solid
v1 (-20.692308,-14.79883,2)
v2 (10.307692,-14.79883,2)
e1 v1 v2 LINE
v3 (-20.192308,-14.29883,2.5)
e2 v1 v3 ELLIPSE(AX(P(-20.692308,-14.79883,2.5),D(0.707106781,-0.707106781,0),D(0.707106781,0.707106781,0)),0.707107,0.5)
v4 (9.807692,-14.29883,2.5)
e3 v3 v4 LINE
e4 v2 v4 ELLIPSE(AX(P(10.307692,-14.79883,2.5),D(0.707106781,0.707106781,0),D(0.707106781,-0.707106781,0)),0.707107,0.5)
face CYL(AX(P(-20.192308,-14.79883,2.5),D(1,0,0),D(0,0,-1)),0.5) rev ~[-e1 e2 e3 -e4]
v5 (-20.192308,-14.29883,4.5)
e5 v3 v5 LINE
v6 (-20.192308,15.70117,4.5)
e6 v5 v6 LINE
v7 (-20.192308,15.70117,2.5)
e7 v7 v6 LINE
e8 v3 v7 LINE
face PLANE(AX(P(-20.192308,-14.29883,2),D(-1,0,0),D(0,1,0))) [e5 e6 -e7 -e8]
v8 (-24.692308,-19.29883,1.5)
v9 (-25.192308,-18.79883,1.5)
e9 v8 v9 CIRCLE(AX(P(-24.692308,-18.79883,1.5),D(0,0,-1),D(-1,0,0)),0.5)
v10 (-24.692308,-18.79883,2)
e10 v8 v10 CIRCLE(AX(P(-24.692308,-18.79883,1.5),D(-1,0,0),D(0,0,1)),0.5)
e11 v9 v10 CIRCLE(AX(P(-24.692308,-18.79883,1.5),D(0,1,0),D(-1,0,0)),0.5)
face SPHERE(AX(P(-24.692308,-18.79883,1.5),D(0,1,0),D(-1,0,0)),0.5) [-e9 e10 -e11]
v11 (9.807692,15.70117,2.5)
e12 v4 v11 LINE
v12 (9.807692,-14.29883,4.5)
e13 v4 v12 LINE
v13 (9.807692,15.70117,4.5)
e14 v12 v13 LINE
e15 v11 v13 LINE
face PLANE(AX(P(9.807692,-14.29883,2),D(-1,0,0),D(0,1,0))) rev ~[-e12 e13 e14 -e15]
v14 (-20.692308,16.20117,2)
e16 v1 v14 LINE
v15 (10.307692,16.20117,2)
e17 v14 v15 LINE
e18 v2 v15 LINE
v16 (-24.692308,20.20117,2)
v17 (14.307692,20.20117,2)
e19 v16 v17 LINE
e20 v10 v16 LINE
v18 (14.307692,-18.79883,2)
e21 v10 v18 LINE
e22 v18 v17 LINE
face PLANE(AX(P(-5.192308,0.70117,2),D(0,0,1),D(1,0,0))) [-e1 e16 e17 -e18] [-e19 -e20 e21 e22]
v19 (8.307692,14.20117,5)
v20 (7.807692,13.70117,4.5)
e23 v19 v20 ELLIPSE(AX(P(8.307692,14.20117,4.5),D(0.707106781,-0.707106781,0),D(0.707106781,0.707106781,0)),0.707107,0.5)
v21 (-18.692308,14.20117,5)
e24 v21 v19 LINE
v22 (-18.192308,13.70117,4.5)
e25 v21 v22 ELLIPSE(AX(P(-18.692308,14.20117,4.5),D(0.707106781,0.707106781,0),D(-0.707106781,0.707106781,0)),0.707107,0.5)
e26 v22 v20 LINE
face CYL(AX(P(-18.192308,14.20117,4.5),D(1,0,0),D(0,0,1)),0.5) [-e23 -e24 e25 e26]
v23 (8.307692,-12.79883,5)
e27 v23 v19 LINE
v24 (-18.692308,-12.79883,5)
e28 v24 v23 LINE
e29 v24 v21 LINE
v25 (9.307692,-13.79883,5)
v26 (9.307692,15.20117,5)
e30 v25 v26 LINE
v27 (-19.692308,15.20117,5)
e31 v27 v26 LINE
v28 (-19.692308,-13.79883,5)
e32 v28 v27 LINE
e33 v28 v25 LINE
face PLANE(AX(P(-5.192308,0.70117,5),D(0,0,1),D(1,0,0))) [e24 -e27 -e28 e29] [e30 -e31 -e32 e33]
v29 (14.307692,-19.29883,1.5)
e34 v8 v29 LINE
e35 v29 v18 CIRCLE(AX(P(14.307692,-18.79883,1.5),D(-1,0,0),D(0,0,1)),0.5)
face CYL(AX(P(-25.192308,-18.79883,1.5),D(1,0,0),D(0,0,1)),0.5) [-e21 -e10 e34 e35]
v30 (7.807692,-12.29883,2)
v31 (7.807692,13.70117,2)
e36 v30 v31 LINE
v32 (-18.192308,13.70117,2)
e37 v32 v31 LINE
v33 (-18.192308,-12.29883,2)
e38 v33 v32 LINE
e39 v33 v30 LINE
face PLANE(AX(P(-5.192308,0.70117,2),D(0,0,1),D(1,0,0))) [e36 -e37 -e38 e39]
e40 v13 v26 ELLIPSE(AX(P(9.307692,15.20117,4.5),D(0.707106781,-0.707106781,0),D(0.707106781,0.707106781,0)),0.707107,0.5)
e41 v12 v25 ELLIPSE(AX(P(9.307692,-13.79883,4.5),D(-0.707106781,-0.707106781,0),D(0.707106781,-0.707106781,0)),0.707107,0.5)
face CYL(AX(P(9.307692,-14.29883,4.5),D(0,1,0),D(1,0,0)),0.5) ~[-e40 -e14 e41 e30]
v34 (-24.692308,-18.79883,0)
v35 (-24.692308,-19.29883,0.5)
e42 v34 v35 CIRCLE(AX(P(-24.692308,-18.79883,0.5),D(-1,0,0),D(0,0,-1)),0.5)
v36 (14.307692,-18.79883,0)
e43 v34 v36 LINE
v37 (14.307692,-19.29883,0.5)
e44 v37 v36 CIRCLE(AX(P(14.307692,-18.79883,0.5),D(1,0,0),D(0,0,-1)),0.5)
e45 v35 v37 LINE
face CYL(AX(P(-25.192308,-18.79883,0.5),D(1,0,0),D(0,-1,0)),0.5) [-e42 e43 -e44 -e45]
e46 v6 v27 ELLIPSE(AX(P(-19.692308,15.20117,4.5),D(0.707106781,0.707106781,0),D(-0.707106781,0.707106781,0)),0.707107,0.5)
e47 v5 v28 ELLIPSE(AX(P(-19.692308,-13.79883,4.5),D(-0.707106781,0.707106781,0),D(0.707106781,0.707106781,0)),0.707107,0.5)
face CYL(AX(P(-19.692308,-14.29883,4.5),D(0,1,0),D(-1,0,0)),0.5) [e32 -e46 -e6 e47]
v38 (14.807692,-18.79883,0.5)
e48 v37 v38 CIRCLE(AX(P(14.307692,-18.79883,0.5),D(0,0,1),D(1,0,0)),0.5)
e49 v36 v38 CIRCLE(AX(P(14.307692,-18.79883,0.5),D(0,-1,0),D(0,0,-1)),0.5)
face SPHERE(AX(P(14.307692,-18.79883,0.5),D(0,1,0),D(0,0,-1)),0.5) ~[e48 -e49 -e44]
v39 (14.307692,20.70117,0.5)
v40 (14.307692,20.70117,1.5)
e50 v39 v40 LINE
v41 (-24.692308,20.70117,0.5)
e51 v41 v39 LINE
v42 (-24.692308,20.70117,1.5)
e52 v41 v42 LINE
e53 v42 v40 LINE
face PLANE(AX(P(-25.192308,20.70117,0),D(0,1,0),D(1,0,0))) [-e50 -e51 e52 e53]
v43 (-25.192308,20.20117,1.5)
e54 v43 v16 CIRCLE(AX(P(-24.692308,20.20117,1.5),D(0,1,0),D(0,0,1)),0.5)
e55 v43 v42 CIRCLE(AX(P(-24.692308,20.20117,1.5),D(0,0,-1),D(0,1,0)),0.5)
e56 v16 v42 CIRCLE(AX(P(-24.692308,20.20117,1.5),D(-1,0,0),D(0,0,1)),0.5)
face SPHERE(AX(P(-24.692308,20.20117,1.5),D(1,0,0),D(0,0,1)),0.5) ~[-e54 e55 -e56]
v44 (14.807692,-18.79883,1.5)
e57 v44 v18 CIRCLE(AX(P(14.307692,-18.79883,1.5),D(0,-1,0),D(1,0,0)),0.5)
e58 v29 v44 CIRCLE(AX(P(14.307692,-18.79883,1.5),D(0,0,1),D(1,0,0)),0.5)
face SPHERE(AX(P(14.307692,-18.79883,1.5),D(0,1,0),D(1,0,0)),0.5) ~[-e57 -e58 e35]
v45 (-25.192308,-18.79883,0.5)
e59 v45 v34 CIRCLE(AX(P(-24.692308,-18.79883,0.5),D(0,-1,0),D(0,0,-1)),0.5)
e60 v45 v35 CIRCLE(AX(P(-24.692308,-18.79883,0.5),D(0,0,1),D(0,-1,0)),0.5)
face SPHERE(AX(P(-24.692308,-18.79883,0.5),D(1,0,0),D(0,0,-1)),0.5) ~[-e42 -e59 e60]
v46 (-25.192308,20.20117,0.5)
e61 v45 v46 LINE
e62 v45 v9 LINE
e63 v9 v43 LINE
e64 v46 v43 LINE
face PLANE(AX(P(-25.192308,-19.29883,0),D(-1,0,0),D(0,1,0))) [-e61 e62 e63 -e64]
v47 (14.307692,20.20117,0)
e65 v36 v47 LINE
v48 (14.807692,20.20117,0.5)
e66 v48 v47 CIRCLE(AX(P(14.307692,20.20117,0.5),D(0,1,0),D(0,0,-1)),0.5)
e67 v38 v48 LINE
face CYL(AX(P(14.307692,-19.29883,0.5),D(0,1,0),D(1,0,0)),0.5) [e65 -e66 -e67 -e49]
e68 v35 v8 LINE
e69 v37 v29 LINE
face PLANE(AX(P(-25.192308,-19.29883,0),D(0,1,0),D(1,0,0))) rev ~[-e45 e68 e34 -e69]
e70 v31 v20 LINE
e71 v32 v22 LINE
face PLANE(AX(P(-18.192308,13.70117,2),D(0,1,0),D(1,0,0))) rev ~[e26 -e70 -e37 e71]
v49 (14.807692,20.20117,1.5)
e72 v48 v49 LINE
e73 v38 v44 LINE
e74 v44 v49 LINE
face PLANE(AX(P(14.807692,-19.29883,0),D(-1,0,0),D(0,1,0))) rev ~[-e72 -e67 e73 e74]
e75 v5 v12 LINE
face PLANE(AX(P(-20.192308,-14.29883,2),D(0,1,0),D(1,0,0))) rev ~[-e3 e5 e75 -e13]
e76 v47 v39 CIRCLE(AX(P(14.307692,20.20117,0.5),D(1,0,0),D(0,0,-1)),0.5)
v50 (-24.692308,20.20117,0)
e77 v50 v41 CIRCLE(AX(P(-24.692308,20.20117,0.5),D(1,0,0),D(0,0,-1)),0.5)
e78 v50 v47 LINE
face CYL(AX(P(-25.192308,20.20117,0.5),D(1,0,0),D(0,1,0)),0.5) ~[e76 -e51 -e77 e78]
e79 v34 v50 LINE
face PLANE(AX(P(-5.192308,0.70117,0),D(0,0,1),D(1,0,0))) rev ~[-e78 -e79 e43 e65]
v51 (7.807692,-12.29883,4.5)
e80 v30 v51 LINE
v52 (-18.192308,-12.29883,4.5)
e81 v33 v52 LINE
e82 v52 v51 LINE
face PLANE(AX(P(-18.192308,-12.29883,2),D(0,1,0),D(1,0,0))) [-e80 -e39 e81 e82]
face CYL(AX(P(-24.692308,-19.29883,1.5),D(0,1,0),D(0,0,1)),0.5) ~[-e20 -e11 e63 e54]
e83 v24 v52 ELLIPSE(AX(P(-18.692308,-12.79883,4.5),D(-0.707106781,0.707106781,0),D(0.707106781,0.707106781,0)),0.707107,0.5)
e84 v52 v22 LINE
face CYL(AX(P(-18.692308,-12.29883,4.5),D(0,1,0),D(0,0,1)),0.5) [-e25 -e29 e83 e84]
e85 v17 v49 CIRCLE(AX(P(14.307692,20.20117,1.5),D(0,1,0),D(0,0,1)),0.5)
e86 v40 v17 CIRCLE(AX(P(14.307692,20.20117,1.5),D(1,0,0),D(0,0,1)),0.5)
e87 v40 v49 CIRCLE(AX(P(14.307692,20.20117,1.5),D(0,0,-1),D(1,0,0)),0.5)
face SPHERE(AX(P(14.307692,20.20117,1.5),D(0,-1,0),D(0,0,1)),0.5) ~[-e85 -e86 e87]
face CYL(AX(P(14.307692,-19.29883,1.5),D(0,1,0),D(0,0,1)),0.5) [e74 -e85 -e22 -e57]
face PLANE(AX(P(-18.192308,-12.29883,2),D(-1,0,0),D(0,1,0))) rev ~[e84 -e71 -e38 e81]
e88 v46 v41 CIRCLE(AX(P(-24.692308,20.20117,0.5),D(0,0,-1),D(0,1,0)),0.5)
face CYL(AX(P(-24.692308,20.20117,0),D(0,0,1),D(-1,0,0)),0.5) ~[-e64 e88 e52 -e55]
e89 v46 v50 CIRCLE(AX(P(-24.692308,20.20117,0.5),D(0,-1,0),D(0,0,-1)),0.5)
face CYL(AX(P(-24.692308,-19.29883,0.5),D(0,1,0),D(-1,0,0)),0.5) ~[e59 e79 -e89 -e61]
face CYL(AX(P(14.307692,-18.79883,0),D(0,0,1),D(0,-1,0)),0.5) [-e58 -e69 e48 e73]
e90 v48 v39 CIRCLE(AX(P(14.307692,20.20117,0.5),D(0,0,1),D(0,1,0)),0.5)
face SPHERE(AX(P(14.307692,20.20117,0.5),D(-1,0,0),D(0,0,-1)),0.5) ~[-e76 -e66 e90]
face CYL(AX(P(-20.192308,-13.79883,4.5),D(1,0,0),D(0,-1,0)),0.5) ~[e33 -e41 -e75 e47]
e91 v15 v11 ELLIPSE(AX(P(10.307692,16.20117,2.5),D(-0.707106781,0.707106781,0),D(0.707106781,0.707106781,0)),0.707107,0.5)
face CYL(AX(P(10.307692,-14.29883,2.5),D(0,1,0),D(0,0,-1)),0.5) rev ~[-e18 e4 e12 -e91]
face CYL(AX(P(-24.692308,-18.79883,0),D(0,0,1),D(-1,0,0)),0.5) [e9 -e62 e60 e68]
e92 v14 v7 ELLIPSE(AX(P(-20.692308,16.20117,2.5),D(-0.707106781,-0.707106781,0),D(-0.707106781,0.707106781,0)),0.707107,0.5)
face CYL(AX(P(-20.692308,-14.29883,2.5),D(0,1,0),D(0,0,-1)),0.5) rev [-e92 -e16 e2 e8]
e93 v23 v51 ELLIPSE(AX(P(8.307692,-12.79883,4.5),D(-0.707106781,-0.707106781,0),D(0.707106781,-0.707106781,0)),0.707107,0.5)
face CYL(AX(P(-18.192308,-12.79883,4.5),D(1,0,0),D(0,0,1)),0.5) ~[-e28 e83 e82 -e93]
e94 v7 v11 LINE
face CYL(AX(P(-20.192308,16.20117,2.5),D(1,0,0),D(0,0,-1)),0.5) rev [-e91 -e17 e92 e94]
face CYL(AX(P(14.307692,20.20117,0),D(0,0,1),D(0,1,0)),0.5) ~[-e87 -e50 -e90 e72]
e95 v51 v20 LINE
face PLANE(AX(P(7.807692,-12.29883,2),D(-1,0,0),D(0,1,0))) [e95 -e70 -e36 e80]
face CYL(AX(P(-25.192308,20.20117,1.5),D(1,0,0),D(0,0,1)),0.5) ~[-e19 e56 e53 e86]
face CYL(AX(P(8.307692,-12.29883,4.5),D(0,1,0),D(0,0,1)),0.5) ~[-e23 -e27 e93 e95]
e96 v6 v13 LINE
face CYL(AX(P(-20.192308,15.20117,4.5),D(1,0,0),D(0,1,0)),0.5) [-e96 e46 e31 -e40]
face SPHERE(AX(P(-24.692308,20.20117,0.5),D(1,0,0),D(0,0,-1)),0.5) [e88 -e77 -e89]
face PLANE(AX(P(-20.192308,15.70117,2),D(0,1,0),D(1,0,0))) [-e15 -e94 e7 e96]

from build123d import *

# Parameters (mm, degrees)
SKETCH1_W           = 40
SKETCH1_H           = 40
BOSS_EXTRUDE1_DEPTH = 2
SKETCH2_W           = 30
SKETCH2_H           = 30
SKETCH2_W_2         = 26
SKETCH2_H_2         = 26
BOSS_EXTRUDE2_DEPTH = 3
FILLET1_R           = 0.5
FILLET2_R           = 0.5
FILLET3_R           = 0.5


with BuildPart() as part:
    # Sketch1 → Boss-Extrude1 (new body)
    with BuildSketch(Plane.XY):
        with Locations((-5.192307692, 0.701169798)):
            Rectangle(SKETCH1_W, SKETCH1_H)
    extrude(amount=BOSS_EXTRUDE1_DEPTH)

    # Sketch2 → Boss-Extrude2 (add)
    with BuildSketch(Plane.XY.offset(2)):
        with Locations((-5.192307692, 0.701169798)):
            Rectangle(SKETCH2_W, SKETCH2_H)
        with Locations((-5.192307692, 0.701169798)):
            Rectangle(SKETCH2_W_2, SKETCH2_H_2, mode=Mode.SUBTRACT)
    extrude(amount=BOSS_EXTRUDE2_DEPTH)

    # Fillet1
    fillet1_edges = [part.edges().sort_by_distance(p)[0] for p in [
        (-20.192307692, 0.701169798, 5),
        (-5.192307692, -14.298830202, 5),
        (9.807692308, 0.701169798, 5),
        (-5.192307692, 15.701169798, 5),
        (-18.192307692, 0.701169798, 5),
        (-5.192307692, -12.298830202, 5),
        (7.807692308, 0.701169798, 5),
        (-5.192307692, 13.701169798, 5),
    ]]
    fillet(fillet1_edges, radius=FILLET1_R)

    # Fillet2
    fillet2_edges = [part.edges().sort_by_distance(p)[0] for p in [
        (14.807692308, 0.701169798, 2),
        (-5.192307692, 20.701169798, 2),
        (-25.192307692, 0.701169798, 2),
        (-5.192307692, 20.701169798, 0),
        (14.807692308, 0.701169798, 0),
        (-5.192307692, -19.298830202, 0),
        (-25.192307692, 0.701169798, 0),
        (-25.192307692, 20.701169798, 1),
        (14.807692308, 20.701169798, 1),
        (14.807692308, -19.298830202, 1),
        (-25.192307692, -19.298830202, 1),
        (-5.192307692, -19.298830202, 2),
    ]]
    fillet(fillet2_edges, radius=FILLET2_R)

    # Fillet3
    fillet3_edges = [part.edges().sort_by_distance(p)[0] for p in [
        (-20.192307692, 0.701169798, 2),
        (-5.192307692, -14.298830202, 2),
        (9.807692308, 0.701169798, 2),
        (-5.192307692, 15.701169798, 2),
    ]]
    fillet(fillet3_edges, radius=FILLET3_R)


solid = part.part
